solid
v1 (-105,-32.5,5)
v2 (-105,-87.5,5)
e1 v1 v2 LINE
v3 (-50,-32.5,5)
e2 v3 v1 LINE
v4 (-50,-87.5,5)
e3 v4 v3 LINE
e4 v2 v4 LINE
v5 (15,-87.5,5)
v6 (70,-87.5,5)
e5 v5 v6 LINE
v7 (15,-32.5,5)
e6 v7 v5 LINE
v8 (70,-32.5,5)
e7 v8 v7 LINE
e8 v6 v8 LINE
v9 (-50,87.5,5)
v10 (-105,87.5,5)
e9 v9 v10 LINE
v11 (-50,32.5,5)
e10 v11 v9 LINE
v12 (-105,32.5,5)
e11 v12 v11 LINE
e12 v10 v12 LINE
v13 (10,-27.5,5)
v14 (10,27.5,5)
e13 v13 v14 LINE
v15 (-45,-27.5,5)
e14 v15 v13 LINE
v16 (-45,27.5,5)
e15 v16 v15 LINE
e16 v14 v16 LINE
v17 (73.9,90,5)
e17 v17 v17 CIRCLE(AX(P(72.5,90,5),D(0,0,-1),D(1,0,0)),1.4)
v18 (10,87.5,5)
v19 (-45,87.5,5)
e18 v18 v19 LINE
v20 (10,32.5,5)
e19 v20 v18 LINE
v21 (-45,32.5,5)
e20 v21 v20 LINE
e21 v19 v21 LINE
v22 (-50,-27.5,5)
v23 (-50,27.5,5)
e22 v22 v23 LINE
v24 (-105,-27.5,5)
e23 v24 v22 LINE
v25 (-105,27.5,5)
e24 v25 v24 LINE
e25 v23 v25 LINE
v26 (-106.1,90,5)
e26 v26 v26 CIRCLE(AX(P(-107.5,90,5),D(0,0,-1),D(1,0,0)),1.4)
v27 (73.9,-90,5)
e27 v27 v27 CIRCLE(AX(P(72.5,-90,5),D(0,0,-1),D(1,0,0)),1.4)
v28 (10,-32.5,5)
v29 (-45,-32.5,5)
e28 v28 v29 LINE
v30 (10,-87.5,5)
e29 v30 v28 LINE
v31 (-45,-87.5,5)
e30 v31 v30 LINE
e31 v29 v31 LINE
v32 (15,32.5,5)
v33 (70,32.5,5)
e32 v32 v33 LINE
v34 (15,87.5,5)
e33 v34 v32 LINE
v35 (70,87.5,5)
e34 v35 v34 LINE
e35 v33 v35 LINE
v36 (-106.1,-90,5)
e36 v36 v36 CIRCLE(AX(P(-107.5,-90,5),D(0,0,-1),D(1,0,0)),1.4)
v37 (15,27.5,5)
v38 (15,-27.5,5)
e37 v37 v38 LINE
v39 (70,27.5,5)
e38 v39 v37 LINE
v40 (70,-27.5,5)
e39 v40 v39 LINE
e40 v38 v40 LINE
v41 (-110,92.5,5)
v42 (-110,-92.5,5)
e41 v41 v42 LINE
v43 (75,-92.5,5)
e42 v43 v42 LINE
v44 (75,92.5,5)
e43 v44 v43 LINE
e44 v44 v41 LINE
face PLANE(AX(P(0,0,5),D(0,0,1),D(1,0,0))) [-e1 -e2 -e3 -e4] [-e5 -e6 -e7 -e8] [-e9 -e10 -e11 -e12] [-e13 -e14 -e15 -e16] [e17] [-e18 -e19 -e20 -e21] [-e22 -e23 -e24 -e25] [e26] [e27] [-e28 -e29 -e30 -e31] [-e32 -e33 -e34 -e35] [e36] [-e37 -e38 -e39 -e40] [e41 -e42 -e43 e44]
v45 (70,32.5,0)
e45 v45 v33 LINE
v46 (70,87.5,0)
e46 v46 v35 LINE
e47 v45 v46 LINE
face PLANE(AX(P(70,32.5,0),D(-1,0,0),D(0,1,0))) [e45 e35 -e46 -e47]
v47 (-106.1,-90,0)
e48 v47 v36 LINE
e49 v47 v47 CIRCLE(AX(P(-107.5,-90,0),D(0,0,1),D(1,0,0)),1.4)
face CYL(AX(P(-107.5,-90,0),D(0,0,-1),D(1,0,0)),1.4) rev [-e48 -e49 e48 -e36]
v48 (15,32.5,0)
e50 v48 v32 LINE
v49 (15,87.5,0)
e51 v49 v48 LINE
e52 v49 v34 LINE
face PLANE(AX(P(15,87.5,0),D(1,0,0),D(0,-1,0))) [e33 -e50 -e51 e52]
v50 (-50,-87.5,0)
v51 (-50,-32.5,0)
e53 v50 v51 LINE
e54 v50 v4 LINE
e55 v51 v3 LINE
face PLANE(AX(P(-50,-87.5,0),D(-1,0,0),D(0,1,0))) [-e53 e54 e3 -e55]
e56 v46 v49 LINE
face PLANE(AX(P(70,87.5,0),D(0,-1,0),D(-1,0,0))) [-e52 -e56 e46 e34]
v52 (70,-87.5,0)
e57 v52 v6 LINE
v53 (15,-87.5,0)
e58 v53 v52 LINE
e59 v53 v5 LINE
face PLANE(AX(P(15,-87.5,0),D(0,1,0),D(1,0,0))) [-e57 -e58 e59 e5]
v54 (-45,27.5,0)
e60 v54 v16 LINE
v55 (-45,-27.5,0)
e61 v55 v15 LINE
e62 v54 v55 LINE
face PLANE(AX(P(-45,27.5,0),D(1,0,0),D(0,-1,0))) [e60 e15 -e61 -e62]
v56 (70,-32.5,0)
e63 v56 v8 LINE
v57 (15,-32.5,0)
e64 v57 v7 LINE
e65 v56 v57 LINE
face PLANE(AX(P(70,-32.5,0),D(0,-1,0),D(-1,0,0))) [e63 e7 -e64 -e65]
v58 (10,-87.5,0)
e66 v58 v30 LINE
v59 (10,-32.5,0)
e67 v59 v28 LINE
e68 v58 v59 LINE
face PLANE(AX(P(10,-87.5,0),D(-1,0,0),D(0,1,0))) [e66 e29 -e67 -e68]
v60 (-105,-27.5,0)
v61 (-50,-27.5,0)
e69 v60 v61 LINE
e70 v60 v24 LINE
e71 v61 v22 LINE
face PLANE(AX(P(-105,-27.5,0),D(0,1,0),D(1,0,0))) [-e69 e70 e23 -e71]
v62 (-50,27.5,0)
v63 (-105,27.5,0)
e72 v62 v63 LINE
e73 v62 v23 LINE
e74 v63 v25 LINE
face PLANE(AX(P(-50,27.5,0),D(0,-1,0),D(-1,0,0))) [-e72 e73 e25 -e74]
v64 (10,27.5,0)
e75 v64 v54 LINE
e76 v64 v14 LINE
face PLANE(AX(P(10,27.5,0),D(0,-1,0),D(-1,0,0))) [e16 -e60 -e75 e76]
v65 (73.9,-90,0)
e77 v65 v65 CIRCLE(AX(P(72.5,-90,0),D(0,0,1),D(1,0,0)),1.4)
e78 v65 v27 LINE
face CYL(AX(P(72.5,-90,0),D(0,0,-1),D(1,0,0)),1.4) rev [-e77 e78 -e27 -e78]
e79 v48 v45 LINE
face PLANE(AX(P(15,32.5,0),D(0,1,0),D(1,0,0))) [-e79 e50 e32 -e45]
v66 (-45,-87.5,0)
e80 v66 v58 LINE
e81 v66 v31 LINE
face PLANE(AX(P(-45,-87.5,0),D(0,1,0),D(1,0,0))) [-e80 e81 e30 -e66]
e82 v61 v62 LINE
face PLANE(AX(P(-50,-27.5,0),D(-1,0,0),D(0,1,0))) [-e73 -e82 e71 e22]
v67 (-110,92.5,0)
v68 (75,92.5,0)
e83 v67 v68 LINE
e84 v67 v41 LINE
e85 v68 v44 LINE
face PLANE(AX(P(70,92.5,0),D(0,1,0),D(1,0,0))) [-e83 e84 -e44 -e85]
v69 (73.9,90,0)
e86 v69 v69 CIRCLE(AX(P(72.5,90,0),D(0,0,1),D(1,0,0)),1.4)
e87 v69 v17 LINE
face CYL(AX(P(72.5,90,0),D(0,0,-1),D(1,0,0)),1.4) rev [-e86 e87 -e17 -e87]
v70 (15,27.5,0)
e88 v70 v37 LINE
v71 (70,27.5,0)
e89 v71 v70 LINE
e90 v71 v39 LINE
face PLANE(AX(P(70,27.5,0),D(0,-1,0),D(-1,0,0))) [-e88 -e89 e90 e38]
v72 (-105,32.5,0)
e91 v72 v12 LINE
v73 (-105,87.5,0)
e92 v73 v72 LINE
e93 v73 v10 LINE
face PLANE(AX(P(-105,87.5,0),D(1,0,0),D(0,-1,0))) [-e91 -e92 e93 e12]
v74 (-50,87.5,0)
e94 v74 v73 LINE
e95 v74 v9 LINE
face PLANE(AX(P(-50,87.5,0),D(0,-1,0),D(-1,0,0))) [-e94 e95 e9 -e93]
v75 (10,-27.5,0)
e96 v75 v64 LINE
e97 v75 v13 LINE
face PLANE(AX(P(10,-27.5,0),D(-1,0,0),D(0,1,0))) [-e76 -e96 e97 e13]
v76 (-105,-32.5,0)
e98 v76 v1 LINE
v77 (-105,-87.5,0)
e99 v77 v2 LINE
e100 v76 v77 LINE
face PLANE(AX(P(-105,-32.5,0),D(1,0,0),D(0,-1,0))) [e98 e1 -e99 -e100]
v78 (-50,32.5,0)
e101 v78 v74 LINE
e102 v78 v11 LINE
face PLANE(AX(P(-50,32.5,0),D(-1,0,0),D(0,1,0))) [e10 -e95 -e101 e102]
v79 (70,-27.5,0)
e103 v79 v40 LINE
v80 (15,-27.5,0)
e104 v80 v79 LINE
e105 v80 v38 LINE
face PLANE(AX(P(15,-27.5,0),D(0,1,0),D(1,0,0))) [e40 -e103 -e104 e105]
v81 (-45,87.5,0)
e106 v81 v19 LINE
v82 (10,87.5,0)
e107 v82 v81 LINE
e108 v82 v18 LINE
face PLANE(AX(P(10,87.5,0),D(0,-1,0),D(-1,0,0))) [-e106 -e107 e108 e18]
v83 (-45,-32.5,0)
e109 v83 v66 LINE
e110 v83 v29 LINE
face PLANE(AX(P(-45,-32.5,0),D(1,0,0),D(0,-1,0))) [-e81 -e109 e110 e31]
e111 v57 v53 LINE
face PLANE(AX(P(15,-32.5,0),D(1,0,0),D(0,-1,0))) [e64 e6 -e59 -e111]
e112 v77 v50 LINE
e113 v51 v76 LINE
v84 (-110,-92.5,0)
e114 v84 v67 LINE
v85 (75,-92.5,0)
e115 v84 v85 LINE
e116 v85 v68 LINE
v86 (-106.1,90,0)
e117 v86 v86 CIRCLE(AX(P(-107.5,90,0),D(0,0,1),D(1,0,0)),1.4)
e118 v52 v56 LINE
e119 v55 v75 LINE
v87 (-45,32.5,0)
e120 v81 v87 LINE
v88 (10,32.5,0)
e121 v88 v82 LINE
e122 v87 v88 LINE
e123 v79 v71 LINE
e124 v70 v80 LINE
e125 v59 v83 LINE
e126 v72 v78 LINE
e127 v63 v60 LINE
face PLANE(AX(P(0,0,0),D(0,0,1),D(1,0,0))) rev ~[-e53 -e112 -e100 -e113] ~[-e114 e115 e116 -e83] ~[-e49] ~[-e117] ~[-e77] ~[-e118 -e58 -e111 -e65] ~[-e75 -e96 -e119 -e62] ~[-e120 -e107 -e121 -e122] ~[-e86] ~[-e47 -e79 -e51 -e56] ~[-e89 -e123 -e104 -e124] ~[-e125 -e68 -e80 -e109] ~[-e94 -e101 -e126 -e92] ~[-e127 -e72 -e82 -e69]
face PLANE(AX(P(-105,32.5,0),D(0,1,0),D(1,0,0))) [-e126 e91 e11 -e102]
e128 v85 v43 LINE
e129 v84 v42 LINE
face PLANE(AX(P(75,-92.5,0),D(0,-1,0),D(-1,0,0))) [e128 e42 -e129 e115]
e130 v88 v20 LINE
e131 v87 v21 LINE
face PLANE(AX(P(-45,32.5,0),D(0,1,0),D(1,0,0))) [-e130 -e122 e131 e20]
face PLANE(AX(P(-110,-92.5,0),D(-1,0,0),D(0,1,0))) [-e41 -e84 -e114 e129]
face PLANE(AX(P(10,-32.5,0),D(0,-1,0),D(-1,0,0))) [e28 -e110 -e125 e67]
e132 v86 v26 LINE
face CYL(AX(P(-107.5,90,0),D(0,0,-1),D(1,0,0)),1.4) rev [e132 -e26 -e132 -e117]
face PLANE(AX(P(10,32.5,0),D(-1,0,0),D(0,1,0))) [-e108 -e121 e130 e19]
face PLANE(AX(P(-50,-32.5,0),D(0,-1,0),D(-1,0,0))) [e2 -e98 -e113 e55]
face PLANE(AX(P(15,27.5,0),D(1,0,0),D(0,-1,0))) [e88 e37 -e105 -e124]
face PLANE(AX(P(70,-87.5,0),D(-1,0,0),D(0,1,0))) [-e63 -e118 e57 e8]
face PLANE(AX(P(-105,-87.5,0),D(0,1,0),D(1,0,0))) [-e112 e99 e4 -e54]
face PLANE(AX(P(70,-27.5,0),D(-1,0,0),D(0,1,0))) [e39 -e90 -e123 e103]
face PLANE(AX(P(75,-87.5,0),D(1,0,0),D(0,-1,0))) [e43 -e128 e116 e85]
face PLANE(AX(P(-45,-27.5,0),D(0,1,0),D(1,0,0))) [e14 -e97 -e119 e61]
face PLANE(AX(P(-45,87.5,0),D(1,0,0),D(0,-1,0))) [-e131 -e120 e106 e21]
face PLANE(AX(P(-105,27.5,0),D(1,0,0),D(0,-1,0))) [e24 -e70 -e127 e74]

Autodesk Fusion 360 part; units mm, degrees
sketch "Sketch1" plane through (0, 0, 0) normal (0, 0, 1) x (1, 0, 0)
  line L0 (110, -92.5) -> (-110, -92.5)
  line L1 (-110, -92.5) -> (-110, 92.5)
  line L2 (-110, 92.5) -> (110, 92.5)
  line L3 (110, 92.5) -> (110, -92.5)
  line L4 (110, -92.5) -> (-110, 92.5) construction
  line L5 (-110, -92.5) -> (110, 92.5) construction
  line L6 (-110, 92.5) -> (97.5144, 92.5)
  line L7 (-53.7181, -92.5) -> (-110, -92.5)
  line L8 (-110, -92.5) -> (-110, 92.5)
  line L9 (-50, 92.5) -> (-45, 92.5)
  line L10 (-45, 92.5) -> (-45, -92.5)
  line L11 (-45, -92.5) -> (-50, -92.5)
  line L12 (-50, -92.5) -> (-50, 92.5)
  line L13 (10, 92.5) -> (15, 92.5)
  line L14 (15, 92.5) -> (15, -92.5)
  line L15 (15, -92.5) -> (10, -92.5)
  line L16 (10, -92.5) -> (10, 92.5)
  line L17 (70, 92.5) -> (75, 92.5)
  line L18 (75, 92.5) -> (75, -92.5)
  line L19 (75, -92.5) -> (70, -92.5)
  line L20 (70, -92.5) -> (70, 92.5)
  line L21 (75, 42.0875) -> (75, 63.0682)
  line L22 (-110, 68) -> (-110, 42.0875)
  line L23 (75, -17.4811) -> (75, -23.4712)
  line L24 (-110, -23.4712) -> (-110, -17.4811)
  line L25 (-110, 32.5) -> (75, 32.5)
  line L26 (75, 32.5) -> (75, 27.5)
  line L27 (75, 27.5) -> (-110, 27.5)
  line L28 (-110, 27.5) -> (-110, 32.5)
  line L29 (-110, -27.5) -> (75, -27.5)
  line L30 (75, -27.5) -> (75, -32.5)
  line L31 (75, -32.5) -> (-110, -32.5)
  line L32 (-110, -32.5) -> (-110, -27.5)
  line L33 (-110, -87.5) -> (75, -87.5)
  line L34 (75, -87.5) -> (75, -92.5)
  line L35 (75, -92.5) -> (-110, -92.5)
  line L36 (-110, -92.5) -> (-110, -87.5)
  line L37 (-110, 92.5) -> (75, 92.5)
  line L38 (75, 92.5) -> (75, 87.5)
  line L39 (75, 87.5) -> (-110, 87.5)
  line L40 (-110, 87.5) -> (-110, 92.5)
  line L41 (-110, 92.5) -> (-105, 92.5)
  line L42 (-105, 92.5) -> (-105, -92.5)
  line L43 (-105, -92.5) -> (-110, -92.5)
  line L44 (-110, -92.5) -> (-110, 92.5)
  line L45 (75, 37.5) -> (110, 37.5) construction
  line L46 (75, -37.5) -> (110, -37.5) construction
  circle A0 centre (76.8705, -4.3263) radius 25 construction
  circle A1 centre (78.6242, -22.2407) radius 1.75
  circle A2 centre (76.6017, 13.6717) radius 1.75
  line L47 (75, 25.3235) -> (110, 25.3235) construction
  dimension "d3" = 220
  dimension "d5" = 5
  dimension "d6" = 5
  dimension "d8" = 5
  dimension "d10" = 55
  dimension "d11" = 55
  dimension "d13" = 5
  dimension "d16" = 5
  dimension "d17" = 5
  dimension "d18" = 5
  dimension "d19" = 55
  dimension "d20" = 55
  dimension "d22" = 55
  dimension "d23" = 5
  dimension "d24" = 55
  dimension "d25" = 55
  dimension "d26" = 55
  dimension "d27" = 50
  dimension "d32" = 3.5
  dimension "d33" = 3.5
  dimension "d34" = 18
  dimension "d35" = 18
extrude "Extrude7" add sketch "Sketch1" along normal blind 5 contours L0 L18 L19 L20 L33 L34 L35 | L0 L14 L20 L33 L35 | L18 L20 L31 L33 | L0 L14 L15 L16 L33 L35 | L18 L20 L29 L30 L31 | L2 L6 L17 L18 L20 L37 L38 L39 | L0 L10 L16 L33 L35 | L14 L16 L31 L33 | L14 L20 L29 L31 | L18 L20 L23 L27 L29 A2 | L2 L6 L14 L20 L37 L39 | L18 L20 L21 L25 L39 | L0 L10 L11 L12 L33 L35 | L14 L16 L29 L31 | L2 L6 L13 L14 L16 L37 L39 | L0 L7 L12 L33 L35 L42 | L10 L12 L31 L33 | L10 L16 L29 L31 | L14 L16 L27 L29 | L14 L20 L25 L27 | L18 L20 L25 L26 L27 | L2 L6 L10 L16 L37 L39 | L14 L16 L25 L39 | L10 L12 L29 L31 | L14 L16 L25 L27 | L18 A2 | L2 L6 L9 L10 L12 L37 L39 | L0 L1 L7 L8 L33 L35 L36 L42 L43 L44 | L12 L29 L31 L42 | L1 L8 L31 L33 L42 L44 | L10 L12 L27 L29 | L10 L16 L25 L27 | L2 L6 L12 L37 L39 L42 | L10 L12 L25 L39 | L1 L8 L29 L31 L32 L42 L44 | L10 L12 L25 L27 | L1 L2 L6 L8 L37 L39 L40 L41 L42 L44 | L12 L25 L27 L42 | L1 L8 L24 L27 L29 L42 L44 | L1 L8 L22 L25 L39 L42 L44 | L1 L8 L25 L27 L28 L42 L44 picked at (74.9727, 13.8309)
sketch "Sketch5" plane through (0, 0, 0) normal (0, 0, 1) x (1, 0, 0)
  line L0 (-110, 92.5) -> (-105, 87.5) construction
  line L1 (-105, 92.5) -> (-110, 87.5) construction
  circle A0 centre (-107.5, 90) radius 1.4
  line L2 (70, 92.5) -> (75, 87.5) construction
  line L3 (75, 92.5) -> (70, 87.5) construction
  circle A1 centre (72.5, 90) radius 1.4
  line L4 (70, -87.5) -> (75, -92.5) construction
  line L5 (75, -87.5) -> (70, -92.5) construction
  circle A2 centre (72.5, -90) radius 1.4
  line L6 (-110, -87.5) -> (-105, -92.5) construction
  line L7 (-105, -87.5) -> (-110, -92.5) construction
  circle A3 centre (-107.5, -90) radius 1.4
  dimension "d54" = 2.8
  dimension "d55" = 2.8
  dimension "d56" = 2.8
  dimension "d57" = 2.8
extrude "Extrude8" cut sketch "Sketch5" along normal through all
equation "Board_piece_lenght = 40 mm"
equation "d5 = Wall_width"
equation "d6 = Wall_width"
equation "Wall_width = 5 mm"
equation "d8 = Wall_width"
equation "d10 = Inner_sqauare"
equation "d11 = Inner_sqauare"
equation "Inner_sqauare = 55 mm"
equation "d13 = Wall_width"
equation "d16 = Wall_width"
equation "d17 = Wall_width"
equation "d18 = Wall_width"
equation "d19 = Inner_sqauare"
equation "d20 = Inner_sqauare"
equation "d22 = Inner_sqauare"
equation "d23 = Wall_width"
equation "d24 = Inner_sqauare"
equation "d25 = Inner_sqauare"
equation "d26 = Inner_sqauare"
